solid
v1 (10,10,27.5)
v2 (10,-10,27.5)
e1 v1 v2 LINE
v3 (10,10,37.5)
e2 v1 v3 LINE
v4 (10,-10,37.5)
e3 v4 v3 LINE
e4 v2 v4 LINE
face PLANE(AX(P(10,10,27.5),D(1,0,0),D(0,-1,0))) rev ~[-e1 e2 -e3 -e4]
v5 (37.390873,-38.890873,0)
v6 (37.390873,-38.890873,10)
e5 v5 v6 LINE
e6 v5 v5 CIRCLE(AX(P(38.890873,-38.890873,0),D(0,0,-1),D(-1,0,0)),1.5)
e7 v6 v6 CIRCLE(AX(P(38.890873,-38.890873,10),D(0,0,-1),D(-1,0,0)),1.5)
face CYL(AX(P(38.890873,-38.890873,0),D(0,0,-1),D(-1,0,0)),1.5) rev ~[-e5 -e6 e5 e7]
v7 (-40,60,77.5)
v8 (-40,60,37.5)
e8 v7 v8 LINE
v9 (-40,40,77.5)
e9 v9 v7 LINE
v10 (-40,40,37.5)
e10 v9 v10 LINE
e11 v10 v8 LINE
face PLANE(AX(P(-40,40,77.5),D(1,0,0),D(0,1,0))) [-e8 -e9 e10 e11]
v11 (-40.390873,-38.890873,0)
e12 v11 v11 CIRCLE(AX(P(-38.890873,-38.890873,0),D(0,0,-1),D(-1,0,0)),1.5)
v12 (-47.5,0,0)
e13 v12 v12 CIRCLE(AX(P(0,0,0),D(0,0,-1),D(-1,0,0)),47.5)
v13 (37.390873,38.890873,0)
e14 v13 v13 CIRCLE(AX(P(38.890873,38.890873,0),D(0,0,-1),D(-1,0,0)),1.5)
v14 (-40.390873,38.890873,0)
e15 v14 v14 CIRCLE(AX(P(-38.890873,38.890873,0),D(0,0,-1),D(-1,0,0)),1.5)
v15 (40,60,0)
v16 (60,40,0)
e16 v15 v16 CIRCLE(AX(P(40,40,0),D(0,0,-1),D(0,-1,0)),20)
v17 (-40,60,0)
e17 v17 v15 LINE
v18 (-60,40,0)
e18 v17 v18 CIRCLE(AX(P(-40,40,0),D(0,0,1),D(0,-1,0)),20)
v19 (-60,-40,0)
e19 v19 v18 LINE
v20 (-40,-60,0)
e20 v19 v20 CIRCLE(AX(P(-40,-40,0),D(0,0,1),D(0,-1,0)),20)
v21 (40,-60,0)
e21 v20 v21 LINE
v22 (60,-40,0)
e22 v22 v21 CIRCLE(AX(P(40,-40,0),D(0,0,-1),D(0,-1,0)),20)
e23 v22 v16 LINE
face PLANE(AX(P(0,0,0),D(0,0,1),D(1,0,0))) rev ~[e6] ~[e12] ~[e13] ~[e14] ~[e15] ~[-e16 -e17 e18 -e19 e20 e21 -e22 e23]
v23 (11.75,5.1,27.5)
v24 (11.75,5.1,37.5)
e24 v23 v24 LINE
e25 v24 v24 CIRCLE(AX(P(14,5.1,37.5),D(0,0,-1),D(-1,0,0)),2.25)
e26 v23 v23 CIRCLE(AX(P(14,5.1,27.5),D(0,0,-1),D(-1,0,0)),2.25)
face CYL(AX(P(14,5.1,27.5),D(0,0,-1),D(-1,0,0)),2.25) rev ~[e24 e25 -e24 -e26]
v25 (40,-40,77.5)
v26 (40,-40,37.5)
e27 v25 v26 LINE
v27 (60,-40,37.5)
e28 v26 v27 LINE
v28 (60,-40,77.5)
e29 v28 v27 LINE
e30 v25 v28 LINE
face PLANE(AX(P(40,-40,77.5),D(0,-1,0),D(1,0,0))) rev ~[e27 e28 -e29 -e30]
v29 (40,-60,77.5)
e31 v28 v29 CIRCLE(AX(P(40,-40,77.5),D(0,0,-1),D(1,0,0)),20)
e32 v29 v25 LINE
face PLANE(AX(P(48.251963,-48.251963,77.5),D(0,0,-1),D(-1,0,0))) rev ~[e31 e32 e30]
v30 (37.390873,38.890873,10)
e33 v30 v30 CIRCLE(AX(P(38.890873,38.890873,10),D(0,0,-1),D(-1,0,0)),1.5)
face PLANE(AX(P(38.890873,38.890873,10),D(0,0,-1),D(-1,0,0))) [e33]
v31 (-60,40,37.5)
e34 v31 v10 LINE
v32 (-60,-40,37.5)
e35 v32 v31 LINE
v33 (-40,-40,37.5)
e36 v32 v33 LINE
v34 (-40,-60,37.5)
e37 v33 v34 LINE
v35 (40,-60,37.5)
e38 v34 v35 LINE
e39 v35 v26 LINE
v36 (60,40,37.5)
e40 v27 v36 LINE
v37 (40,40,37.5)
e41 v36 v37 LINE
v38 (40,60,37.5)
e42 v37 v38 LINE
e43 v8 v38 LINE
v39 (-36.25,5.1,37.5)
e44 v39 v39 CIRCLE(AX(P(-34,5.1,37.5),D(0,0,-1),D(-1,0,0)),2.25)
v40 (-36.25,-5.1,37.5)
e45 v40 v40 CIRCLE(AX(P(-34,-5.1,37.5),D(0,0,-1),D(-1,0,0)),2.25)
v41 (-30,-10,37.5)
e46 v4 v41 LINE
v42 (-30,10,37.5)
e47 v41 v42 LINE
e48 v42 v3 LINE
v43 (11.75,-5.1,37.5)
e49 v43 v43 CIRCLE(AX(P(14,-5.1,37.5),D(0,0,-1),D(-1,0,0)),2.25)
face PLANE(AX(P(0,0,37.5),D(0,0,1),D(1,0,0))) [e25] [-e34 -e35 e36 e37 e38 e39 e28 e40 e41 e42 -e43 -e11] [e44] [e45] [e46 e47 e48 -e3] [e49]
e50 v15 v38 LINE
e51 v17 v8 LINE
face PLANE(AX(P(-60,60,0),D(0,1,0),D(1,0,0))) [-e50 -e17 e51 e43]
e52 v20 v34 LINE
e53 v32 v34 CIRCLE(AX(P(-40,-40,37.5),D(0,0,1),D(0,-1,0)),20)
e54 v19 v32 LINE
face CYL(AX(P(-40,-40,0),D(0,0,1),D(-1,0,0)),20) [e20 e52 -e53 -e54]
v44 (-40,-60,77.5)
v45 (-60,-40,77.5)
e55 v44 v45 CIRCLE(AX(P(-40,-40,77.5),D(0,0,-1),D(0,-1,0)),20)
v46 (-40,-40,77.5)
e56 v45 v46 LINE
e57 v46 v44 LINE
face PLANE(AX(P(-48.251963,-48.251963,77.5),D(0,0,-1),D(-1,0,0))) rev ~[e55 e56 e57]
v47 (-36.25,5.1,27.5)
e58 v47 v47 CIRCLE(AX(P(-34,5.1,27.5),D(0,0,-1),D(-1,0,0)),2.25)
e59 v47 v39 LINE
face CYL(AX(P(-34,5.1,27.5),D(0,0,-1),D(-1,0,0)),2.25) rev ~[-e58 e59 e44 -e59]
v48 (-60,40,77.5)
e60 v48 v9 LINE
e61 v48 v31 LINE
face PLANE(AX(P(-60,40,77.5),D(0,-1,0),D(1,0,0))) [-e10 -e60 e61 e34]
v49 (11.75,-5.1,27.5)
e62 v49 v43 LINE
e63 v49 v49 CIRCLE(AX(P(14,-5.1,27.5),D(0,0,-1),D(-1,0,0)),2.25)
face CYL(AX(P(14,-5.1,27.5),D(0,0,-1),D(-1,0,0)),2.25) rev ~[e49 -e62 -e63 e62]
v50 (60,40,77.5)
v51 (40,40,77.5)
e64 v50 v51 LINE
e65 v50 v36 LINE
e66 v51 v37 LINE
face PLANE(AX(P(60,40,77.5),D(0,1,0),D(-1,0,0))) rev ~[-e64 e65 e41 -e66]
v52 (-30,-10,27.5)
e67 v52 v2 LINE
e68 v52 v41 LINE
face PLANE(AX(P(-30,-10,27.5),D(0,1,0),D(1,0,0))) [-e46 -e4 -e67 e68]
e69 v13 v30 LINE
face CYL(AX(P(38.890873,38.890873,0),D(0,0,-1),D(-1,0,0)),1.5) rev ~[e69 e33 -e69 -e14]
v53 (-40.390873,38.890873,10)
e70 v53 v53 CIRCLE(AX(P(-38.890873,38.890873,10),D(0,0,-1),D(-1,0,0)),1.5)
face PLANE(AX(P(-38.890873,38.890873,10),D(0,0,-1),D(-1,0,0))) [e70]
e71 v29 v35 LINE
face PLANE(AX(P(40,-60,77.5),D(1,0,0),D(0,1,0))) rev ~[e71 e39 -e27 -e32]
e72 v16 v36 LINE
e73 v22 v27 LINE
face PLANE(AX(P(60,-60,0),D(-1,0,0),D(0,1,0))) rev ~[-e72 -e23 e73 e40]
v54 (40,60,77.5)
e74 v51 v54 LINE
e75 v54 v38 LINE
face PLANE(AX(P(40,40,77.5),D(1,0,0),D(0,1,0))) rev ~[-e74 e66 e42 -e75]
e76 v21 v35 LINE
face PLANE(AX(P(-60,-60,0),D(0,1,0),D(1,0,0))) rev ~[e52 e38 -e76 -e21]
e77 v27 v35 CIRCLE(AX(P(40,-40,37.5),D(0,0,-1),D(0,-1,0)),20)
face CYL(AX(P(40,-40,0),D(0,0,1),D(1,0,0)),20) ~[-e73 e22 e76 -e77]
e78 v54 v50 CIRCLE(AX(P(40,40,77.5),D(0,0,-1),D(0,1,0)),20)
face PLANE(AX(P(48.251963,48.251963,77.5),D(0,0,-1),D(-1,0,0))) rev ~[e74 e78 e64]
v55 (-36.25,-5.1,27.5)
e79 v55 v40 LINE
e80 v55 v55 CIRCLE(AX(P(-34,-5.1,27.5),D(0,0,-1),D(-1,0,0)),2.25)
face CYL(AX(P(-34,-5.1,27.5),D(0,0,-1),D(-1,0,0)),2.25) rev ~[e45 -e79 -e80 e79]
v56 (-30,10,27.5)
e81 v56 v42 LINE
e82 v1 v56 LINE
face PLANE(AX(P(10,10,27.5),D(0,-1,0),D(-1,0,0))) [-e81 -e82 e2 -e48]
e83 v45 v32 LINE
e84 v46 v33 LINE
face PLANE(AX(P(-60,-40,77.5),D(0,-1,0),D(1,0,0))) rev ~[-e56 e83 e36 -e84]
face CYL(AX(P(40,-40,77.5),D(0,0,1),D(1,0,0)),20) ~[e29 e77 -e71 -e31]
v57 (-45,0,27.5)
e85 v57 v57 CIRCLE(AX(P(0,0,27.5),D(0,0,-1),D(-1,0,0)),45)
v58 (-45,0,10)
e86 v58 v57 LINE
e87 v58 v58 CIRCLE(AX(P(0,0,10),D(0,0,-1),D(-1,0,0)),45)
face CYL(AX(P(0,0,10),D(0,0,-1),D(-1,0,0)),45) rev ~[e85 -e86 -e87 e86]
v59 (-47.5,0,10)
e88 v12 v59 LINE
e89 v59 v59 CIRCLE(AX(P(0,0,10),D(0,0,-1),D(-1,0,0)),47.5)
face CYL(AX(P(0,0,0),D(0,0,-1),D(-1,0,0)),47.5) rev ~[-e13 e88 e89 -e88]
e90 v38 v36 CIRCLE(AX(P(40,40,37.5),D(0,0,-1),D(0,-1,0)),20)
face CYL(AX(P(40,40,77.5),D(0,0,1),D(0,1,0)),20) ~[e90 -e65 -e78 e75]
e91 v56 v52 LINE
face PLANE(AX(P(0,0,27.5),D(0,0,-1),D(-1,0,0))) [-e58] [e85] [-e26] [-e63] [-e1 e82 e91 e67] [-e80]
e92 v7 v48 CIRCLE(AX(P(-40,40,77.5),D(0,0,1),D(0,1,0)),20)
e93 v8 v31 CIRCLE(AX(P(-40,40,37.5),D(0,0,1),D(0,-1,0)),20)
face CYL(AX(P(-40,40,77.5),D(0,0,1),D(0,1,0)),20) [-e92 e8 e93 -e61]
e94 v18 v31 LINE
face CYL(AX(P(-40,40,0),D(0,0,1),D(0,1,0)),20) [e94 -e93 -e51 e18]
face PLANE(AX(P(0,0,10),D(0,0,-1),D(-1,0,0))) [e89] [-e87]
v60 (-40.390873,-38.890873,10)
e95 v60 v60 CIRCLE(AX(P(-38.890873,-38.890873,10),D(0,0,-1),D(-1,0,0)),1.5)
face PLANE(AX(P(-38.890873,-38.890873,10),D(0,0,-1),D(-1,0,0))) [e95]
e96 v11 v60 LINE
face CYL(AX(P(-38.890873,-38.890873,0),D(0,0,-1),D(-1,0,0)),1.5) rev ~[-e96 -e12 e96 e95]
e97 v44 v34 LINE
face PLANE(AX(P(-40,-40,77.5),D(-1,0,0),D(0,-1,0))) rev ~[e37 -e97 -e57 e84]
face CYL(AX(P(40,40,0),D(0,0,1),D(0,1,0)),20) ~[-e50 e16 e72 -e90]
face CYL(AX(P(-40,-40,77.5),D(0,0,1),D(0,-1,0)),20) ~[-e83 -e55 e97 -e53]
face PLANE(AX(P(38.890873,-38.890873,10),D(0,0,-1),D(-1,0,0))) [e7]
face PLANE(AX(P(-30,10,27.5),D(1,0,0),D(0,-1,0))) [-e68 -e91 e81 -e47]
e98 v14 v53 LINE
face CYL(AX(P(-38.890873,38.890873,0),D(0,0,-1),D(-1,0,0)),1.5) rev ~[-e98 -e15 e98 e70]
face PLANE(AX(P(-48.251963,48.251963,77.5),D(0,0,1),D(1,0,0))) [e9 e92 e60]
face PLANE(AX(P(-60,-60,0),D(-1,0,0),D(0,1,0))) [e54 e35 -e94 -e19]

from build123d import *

# Parameters (mm, degrees)
SKETCH_1_W          = 120
SKETCH_1_H          = 120
EXTRUDE_1_DEPTH     = 100
SKETCH_2_R          = 47.5
CUT_EXTRUDE_1_DEPTH = 10
SKETCH_3_R          = 45
CUT_EXTRUDE_2_DEPTH = 17.5
SKETCH_4_W          = 120
SKETCH_4_H          = 120
CUT_EXTRUDE_3_DEPTH = 49.5
SKETCH_6_W          = 120
SKETCH_6_H          = 120
CUT_EXTRUDE_5_DEPTH = 13
CUT_EXTRUDE_6_DEPTH = 13
SKETCH_8_R          = 2.25
CUT_EXTRUDE_7_DEPTH = 13
SKETCH_10_R         = 2.25
CUT_EXTRUDE_8_DEPTH = 13
FILLET_1_R          = 20
FILLET_2_R          = 20
SKETCH_11_R         = 1.5
CUT_EXTRUDE_9_DEPTH = 10
EXTRUDE_START       = 40
EXTRUDE_3_DEPTH     = 40


with BuildPart() as part:
    # 草图1 → 凸台-拉伸1 (new body)
    with BuildSketch(Plane.XY):
        Rectangle(SKETCH_1_W, SKETCH_1_H)
    extrude(amount=EXTRUDE_1_DEPTH)

    # 草图2 → 切除-拉伸1 (cut)
    with BuildSketch(Plane(origin=(0, 0, 0), x_dir=(-1, 0, 0), z_dir=(0, 0, -1))):
        Circle(SKETCH_2_R)
    extrude(amount=-CUT_EXTRUDE_1_DEPTH, mode=Mode.SUBTRACT)

    # 草图3 → 切除-拉伸2 (cut)
    with BuildSketch(Plane(origin=(0, 0, 10), x_dir=(-1, 0, 0), z_dir=(0, 0, -1))):
        Circle(SKETCH_3_R)
    extrude(amount=-CUT_EXTRUDE_2_DEPTH, mode=Mode.SUBTRACT)

    # 草图4 → 切除-拉伸3 (cut)
    with BuildSketch(Plane.XY.offset(100)):
        Rectangle(SKETCH_4_W, SKETCH_4_H)
    extrude(amount=-CUT_EXTRUDE_3_DEPTH, mode=Mode.SUBTRACT)

    # 草图6 → 切除-拉伸5 (cut)
    with BuildSketch(Plane.XY.offset(50.5)):
        Rectangle(SKETCH_6_W, SKETCH_6_H)
    extrude(amount=-CUT_EXTRUDE_5_DEPTH, mode=Mode.SUBTRACT)

    # 草图7 → 切除-拉伸6 (cut)
    with BuildSketch(Plane(origin=(0, 0, 27.5), x_dir=(-1, 0, 0), z_dir=(0, 0, -1))):
        Polygon((-10, 10), (30, 10), (30, -10), (-10, -10), (-10, 0), align=None)
    extrude(amount=-CUT_EXTRUDE_6_DEPTH, mode=Mode.SUBTRACT)

    # 草图8 → 切除-拉伸7 (cut)
    with BuildSketch(Plane(origin=(0, 0, 27.5), x_dir=(-1, 0, 0), z_dir=(0, 0, -1))):
        with Locations((-14, 5.1)):
            Circle(SKETCH_8_R)
        with Locations((-14, -5.1)):
            Circle(SKETCH_8_R)
    extrude(amount=-CUT_EXTRUDE_7_DEPTH, mode=Mode.SUBTRACT)

    # 草图10 → 切除-拉伸8 (cut)
    with BuildSketch(Plane(origin=(0, 0, 27.5), x_dir=(-1, 0, 0), z_dir=(0, 0, -1))):
        with Locations((34, 5.1)):
            Circle(SKETCH_10_R)
        with Locations((34, -5.1)):
            Circle(SKETCH_10_R)
    extrude(amount=-CUT_EXTRUDE_8_DEPTH, mode=Mode.SUBTRACT)

    # 圆角1
    fillet_1_edges = [part.edges().sort_by_distance(p)[0] for p in [
        (60, 60, 18.75),
    ]]
    fillet(fillet_1_edges, radius=FILLET_1_R)

    # 圆角2
    fillet_2_edges = [part.edges().sort_by_distance(p)[0] for p in [
        (60, -60, 18.75),
        (-60, -60, 18.75),
        (-60, 60, 18.75),
    ]]
    fillet(fillet_2_edges, radius=FILLET_2_R)

    # 草图11 → 切除-拉伸9 (cut)
    with BuildSketch(Plane(origin=(0, 0, 0), x_dir=(-1, 0, 0), z_dir=(0, 0, -1))):
        with Locations((-38.890872965, 38.890872965)):
            Circle(SKETCH_11_R)
        with Locations((38.890872965, 38.890872965)):
            Circle(SKETCH_11_R)
        with Locations((38.890872965, -38.890872965)):
            Circle(SKETCH_11_R)
        with Locations((-38.890872965, -38.890872965)):
            Circle(SKETCH_11_R)
    extrude(amount=-CUT_EXTRUDE_9_DEPTH, mode=Mode.SUBTRACT)

    # 草图12 → 凸台-拉伸3 (add)
    with BuildSketch(Plane.XY.offset(37.5).offset(EXTRUDE_START)):
        with BuildLine():
            Line((-40, 40), (-40, 60))
            ThreePointArc((-40, 60), (-54.142135624, 54.142135624), (-60, 40))
            Line((-60, 40), (-40, 40))
        make_face()
        with BuildLine():
            Line((40, 40), (40, 60))
            ThreePointArc((40, 60), (54.142135624, 54.142135624), (60, 40))
            Line((60, 40), (40, 40))
        make_face()
        with BuildLine():
            Line((40, -40), (60, -40))
            ThreePointArc((60, -40), (54.142135624, -54.142135624), (40, -60))
            Line((40, -60), (40, -40))
        make_face()
        with BuildLine():
            Line((-40, -40), (-40, -60))
            ThreePointArc((-40, -60), (-54.142135624, -54.142135624), (-60, -40))
            Line((-60, -40), (-40, -40))
        make_face()
    extrude(amount=-EXTRUDE_3_DEPTH)


solid = part.part
